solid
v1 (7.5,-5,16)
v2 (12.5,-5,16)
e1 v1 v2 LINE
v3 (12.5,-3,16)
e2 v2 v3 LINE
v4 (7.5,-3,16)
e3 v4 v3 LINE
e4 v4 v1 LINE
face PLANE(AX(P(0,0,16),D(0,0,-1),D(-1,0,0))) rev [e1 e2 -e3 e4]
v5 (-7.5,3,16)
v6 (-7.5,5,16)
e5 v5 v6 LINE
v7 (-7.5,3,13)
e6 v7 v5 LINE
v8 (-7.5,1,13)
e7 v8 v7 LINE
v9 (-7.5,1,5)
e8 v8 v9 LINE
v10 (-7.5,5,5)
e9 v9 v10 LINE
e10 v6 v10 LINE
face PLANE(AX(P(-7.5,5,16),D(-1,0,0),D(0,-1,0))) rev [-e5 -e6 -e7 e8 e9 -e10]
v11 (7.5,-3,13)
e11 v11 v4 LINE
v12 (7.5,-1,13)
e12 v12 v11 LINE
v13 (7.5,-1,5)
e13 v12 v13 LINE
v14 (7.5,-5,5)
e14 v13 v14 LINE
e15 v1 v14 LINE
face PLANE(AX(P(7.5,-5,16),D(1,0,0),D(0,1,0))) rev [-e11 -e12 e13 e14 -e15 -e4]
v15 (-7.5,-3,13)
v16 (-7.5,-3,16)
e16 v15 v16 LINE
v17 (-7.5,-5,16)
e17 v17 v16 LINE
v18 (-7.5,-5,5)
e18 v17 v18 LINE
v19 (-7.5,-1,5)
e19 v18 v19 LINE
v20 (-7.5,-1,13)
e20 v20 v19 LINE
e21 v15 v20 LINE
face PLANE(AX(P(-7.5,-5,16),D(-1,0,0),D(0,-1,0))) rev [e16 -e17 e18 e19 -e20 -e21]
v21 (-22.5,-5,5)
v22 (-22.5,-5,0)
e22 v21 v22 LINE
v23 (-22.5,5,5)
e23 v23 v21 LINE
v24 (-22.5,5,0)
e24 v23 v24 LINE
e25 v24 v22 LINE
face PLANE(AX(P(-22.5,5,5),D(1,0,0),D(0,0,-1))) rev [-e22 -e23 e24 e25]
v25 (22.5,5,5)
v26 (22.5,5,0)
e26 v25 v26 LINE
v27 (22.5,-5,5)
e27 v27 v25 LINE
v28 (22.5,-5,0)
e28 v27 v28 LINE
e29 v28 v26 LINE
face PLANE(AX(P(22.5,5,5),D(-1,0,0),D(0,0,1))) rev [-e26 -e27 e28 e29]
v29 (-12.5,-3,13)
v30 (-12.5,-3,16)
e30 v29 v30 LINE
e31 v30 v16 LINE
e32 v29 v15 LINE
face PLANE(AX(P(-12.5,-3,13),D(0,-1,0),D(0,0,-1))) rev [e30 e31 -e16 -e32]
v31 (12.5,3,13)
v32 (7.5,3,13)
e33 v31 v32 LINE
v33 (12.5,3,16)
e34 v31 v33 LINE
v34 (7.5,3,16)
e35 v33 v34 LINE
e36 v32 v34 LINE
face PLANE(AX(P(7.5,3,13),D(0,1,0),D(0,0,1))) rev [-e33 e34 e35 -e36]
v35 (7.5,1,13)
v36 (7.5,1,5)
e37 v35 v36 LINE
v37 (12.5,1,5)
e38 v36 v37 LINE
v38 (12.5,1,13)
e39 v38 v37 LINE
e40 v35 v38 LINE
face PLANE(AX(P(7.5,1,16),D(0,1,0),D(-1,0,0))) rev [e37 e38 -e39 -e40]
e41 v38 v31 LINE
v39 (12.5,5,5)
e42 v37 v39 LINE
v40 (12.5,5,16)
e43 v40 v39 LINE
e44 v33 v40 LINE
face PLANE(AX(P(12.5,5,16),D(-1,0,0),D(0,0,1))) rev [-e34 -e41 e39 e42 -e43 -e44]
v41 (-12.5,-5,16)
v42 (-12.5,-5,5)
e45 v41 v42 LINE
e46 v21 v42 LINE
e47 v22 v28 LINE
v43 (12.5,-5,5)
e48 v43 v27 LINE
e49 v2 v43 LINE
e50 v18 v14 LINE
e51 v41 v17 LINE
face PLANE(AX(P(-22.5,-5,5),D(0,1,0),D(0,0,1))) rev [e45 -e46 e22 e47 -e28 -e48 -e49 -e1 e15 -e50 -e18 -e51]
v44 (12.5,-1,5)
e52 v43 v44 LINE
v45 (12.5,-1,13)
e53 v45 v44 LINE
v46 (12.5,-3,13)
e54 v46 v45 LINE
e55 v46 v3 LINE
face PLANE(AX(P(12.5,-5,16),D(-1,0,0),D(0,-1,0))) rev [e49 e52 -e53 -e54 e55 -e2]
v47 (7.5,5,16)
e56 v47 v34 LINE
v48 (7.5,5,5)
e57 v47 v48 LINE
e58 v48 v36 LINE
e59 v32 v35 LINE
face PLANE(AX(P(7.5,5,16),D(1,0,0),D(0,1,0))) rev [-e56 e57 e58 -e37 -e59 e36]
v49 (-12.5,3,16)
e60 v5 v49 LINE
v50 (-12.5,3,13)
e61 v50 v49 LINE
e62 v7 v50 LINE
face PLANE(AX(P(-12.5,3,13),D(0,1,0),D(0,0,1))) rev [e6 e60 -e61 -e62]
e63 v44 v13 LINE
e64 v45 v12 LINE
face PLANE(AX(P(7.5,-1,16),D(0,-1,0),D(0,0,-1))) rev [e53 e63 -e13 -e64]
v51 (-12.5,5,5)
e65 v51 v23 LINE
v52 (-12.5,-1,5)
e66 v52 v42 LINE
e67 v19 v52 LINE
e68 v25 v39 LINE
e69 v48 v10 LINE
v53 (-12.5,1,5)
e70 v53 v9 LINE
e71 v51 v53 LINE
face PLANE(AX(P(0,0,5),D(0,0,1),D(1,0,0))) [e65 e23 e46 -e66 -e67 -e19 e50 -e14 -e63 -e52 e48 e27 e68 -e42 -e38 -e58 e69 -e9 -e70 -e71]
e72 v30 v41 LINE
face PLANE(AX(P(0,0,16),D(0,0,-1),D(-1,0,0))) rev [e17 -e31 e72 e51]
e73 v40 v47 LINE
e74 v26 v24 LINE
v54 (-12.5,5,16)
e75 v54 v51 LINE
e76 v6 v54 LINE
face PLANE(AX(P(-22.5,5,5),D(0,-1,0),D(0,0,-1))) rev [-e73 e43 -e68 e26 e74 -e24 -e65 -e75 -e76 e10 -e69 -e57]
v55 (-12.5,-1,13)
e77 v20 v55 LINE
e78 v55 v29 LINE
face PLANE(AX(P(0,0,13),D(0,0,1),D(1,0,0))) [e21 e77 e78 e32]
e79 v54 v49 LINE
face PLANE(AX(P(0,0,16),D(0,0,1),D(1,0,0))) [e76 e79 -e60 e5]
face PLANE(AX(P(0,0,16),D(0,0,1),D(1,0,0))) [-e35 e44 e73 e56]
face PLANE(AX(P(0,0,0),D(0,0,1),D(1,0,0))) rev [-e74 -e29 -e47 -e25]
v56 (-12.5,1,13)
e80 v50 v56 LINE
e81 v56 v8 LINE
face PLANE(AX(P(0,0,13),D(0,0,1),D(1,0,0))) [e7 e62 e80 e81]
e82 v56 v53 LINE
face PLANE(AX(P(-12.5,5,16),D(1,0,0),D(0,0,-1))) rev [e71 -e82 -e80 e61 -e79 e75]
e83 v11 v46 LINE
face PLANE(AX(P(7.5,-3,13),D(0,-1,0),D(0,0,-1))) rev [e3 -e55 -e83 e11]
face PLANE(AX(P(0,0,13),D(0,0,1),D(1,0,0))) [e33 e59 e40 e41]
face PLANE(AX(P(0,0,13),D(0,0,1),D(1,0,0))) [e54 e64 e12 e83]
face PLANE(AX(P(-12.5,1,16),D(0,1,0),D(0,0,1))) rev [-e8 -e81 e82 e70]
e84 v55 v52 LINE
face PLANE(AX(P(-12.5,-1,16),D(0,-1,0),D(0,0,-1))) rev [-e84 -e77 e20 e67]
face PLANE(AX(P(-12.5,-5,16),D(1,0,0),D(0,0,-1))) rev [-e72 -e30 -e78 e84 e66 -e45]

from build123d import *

# Parameters (mm, degrees)
SKETCH_1_W          = 45
SKETCH_1_H          = 10
EXTRUDE_1_DEPTH     = 5
SKETCH_2_W          = 5
SKETCH_2_H          = 4
EXTRUDE_2_DEPTH     = 11
SKETCH_3_W          = 5
SKETCH_3_H          = 2
CUT_EXTRUDE_1_DEPTH = 3
SKETCH_4_W          = 5
SKETCH_4_H          = 2
CUT_EXTRUDE_2_DEPTH = 3
SKETCH_7_W          = 5
SKETCH_7_H          = 4
EXTRUDE_3_DEPTH     = 11
SKETCH_8_W          = 5
SKETCH_8_H          = 2
CUT_EXTRUDE_5_DEPTH = 3
SKETCH_9_W          = 5
SKETCH_9_H          = 2
CUT_EXTRUDE_6_DEPTH = 3


with BuildPart() as part:
    # Эскиз1 → Бобышка-Вытянуть1 (new body)
    with BuildSketch(Plane.XY):
        Rectangle(SKETCH_1_W, SKETCH_1_H)
    extrude(amount=EXTRUDE_1_DEPTH)

    # Эскиз2 → Бобышка-Вытянуть2 (add)
    with BuildSketch(Plane.XY.offset(5)):
        with Locations((-10, 3)):
            Rectangle(SKETCH_2_W, SKETCH_2_H)
        with Locations((10, 3)):
            Rectangle(SKETCH_2_W, SKETCH_2_H)
    extrude(amount=EXTRUDE_2_DEPTH)

    # Эскиз3 → Вырез-Вытянуть1 (cut)
    with BuildSketch(Plane.XY.offset(16)):
        with Locations((-10, 2)):
            Rectangle(SKETCH_3_W, SKETCH_3_H)
    extrude(amount=-CUT_EXTRUDE_1_DEPTH, mode=Mode.SUBTRACT)

    # Эскиз4 → Вырез-Вытянуть2 (cut)
    with BuildSketch(Plane.XY.offset(16)):
        with Locations((10, 2)):
            Rectangle(SKETCH_4_W, SKETCH_4_H)
    extrude(amount=-CUT_EXTRUDE_2_DEPTH, mode=Mode.SUBTRACT)

    # Эскиз7 → Бобышка-Вытянуть3 (add)
    with BuildSketch(Plane.XY.offset(5)):
        with Locations((-10, -3)):
            Rectangle(SKETCH_7_W, SKETCH_7_H)
        with Locations((10, -3)):
            Rectangle(SKETCH_7_W, SKETCH_7_H)
    extrude(amount=EXTRUDE_3_DEPTH)

    # Эскиз8 → Вырез-Вытянуть5 (cut)
    with BuildSketch(Plane.XY.offset(16)):
        with Locations((-10, -2)):
            Rectangle(SKETCH_8_W, SKETCH_8_H)
    extrude(amount=-CUT_EXTRUDE_5_DEPTH, mode=Mode.SUBTRACT)

    # Эскиз9 → Вырез-Вытянуть6 (cut)
    with BuildSketch(Plane.XY.offset(16)):
        with Locations((10, -2)):
            Rectangle(SKETCH_9_W, SKETCH_9_H)
    extrude(amount=-CUT_EXTRUDE_6_DEPTH, mode=Mode.SUBTRACT)


solid = part.part
